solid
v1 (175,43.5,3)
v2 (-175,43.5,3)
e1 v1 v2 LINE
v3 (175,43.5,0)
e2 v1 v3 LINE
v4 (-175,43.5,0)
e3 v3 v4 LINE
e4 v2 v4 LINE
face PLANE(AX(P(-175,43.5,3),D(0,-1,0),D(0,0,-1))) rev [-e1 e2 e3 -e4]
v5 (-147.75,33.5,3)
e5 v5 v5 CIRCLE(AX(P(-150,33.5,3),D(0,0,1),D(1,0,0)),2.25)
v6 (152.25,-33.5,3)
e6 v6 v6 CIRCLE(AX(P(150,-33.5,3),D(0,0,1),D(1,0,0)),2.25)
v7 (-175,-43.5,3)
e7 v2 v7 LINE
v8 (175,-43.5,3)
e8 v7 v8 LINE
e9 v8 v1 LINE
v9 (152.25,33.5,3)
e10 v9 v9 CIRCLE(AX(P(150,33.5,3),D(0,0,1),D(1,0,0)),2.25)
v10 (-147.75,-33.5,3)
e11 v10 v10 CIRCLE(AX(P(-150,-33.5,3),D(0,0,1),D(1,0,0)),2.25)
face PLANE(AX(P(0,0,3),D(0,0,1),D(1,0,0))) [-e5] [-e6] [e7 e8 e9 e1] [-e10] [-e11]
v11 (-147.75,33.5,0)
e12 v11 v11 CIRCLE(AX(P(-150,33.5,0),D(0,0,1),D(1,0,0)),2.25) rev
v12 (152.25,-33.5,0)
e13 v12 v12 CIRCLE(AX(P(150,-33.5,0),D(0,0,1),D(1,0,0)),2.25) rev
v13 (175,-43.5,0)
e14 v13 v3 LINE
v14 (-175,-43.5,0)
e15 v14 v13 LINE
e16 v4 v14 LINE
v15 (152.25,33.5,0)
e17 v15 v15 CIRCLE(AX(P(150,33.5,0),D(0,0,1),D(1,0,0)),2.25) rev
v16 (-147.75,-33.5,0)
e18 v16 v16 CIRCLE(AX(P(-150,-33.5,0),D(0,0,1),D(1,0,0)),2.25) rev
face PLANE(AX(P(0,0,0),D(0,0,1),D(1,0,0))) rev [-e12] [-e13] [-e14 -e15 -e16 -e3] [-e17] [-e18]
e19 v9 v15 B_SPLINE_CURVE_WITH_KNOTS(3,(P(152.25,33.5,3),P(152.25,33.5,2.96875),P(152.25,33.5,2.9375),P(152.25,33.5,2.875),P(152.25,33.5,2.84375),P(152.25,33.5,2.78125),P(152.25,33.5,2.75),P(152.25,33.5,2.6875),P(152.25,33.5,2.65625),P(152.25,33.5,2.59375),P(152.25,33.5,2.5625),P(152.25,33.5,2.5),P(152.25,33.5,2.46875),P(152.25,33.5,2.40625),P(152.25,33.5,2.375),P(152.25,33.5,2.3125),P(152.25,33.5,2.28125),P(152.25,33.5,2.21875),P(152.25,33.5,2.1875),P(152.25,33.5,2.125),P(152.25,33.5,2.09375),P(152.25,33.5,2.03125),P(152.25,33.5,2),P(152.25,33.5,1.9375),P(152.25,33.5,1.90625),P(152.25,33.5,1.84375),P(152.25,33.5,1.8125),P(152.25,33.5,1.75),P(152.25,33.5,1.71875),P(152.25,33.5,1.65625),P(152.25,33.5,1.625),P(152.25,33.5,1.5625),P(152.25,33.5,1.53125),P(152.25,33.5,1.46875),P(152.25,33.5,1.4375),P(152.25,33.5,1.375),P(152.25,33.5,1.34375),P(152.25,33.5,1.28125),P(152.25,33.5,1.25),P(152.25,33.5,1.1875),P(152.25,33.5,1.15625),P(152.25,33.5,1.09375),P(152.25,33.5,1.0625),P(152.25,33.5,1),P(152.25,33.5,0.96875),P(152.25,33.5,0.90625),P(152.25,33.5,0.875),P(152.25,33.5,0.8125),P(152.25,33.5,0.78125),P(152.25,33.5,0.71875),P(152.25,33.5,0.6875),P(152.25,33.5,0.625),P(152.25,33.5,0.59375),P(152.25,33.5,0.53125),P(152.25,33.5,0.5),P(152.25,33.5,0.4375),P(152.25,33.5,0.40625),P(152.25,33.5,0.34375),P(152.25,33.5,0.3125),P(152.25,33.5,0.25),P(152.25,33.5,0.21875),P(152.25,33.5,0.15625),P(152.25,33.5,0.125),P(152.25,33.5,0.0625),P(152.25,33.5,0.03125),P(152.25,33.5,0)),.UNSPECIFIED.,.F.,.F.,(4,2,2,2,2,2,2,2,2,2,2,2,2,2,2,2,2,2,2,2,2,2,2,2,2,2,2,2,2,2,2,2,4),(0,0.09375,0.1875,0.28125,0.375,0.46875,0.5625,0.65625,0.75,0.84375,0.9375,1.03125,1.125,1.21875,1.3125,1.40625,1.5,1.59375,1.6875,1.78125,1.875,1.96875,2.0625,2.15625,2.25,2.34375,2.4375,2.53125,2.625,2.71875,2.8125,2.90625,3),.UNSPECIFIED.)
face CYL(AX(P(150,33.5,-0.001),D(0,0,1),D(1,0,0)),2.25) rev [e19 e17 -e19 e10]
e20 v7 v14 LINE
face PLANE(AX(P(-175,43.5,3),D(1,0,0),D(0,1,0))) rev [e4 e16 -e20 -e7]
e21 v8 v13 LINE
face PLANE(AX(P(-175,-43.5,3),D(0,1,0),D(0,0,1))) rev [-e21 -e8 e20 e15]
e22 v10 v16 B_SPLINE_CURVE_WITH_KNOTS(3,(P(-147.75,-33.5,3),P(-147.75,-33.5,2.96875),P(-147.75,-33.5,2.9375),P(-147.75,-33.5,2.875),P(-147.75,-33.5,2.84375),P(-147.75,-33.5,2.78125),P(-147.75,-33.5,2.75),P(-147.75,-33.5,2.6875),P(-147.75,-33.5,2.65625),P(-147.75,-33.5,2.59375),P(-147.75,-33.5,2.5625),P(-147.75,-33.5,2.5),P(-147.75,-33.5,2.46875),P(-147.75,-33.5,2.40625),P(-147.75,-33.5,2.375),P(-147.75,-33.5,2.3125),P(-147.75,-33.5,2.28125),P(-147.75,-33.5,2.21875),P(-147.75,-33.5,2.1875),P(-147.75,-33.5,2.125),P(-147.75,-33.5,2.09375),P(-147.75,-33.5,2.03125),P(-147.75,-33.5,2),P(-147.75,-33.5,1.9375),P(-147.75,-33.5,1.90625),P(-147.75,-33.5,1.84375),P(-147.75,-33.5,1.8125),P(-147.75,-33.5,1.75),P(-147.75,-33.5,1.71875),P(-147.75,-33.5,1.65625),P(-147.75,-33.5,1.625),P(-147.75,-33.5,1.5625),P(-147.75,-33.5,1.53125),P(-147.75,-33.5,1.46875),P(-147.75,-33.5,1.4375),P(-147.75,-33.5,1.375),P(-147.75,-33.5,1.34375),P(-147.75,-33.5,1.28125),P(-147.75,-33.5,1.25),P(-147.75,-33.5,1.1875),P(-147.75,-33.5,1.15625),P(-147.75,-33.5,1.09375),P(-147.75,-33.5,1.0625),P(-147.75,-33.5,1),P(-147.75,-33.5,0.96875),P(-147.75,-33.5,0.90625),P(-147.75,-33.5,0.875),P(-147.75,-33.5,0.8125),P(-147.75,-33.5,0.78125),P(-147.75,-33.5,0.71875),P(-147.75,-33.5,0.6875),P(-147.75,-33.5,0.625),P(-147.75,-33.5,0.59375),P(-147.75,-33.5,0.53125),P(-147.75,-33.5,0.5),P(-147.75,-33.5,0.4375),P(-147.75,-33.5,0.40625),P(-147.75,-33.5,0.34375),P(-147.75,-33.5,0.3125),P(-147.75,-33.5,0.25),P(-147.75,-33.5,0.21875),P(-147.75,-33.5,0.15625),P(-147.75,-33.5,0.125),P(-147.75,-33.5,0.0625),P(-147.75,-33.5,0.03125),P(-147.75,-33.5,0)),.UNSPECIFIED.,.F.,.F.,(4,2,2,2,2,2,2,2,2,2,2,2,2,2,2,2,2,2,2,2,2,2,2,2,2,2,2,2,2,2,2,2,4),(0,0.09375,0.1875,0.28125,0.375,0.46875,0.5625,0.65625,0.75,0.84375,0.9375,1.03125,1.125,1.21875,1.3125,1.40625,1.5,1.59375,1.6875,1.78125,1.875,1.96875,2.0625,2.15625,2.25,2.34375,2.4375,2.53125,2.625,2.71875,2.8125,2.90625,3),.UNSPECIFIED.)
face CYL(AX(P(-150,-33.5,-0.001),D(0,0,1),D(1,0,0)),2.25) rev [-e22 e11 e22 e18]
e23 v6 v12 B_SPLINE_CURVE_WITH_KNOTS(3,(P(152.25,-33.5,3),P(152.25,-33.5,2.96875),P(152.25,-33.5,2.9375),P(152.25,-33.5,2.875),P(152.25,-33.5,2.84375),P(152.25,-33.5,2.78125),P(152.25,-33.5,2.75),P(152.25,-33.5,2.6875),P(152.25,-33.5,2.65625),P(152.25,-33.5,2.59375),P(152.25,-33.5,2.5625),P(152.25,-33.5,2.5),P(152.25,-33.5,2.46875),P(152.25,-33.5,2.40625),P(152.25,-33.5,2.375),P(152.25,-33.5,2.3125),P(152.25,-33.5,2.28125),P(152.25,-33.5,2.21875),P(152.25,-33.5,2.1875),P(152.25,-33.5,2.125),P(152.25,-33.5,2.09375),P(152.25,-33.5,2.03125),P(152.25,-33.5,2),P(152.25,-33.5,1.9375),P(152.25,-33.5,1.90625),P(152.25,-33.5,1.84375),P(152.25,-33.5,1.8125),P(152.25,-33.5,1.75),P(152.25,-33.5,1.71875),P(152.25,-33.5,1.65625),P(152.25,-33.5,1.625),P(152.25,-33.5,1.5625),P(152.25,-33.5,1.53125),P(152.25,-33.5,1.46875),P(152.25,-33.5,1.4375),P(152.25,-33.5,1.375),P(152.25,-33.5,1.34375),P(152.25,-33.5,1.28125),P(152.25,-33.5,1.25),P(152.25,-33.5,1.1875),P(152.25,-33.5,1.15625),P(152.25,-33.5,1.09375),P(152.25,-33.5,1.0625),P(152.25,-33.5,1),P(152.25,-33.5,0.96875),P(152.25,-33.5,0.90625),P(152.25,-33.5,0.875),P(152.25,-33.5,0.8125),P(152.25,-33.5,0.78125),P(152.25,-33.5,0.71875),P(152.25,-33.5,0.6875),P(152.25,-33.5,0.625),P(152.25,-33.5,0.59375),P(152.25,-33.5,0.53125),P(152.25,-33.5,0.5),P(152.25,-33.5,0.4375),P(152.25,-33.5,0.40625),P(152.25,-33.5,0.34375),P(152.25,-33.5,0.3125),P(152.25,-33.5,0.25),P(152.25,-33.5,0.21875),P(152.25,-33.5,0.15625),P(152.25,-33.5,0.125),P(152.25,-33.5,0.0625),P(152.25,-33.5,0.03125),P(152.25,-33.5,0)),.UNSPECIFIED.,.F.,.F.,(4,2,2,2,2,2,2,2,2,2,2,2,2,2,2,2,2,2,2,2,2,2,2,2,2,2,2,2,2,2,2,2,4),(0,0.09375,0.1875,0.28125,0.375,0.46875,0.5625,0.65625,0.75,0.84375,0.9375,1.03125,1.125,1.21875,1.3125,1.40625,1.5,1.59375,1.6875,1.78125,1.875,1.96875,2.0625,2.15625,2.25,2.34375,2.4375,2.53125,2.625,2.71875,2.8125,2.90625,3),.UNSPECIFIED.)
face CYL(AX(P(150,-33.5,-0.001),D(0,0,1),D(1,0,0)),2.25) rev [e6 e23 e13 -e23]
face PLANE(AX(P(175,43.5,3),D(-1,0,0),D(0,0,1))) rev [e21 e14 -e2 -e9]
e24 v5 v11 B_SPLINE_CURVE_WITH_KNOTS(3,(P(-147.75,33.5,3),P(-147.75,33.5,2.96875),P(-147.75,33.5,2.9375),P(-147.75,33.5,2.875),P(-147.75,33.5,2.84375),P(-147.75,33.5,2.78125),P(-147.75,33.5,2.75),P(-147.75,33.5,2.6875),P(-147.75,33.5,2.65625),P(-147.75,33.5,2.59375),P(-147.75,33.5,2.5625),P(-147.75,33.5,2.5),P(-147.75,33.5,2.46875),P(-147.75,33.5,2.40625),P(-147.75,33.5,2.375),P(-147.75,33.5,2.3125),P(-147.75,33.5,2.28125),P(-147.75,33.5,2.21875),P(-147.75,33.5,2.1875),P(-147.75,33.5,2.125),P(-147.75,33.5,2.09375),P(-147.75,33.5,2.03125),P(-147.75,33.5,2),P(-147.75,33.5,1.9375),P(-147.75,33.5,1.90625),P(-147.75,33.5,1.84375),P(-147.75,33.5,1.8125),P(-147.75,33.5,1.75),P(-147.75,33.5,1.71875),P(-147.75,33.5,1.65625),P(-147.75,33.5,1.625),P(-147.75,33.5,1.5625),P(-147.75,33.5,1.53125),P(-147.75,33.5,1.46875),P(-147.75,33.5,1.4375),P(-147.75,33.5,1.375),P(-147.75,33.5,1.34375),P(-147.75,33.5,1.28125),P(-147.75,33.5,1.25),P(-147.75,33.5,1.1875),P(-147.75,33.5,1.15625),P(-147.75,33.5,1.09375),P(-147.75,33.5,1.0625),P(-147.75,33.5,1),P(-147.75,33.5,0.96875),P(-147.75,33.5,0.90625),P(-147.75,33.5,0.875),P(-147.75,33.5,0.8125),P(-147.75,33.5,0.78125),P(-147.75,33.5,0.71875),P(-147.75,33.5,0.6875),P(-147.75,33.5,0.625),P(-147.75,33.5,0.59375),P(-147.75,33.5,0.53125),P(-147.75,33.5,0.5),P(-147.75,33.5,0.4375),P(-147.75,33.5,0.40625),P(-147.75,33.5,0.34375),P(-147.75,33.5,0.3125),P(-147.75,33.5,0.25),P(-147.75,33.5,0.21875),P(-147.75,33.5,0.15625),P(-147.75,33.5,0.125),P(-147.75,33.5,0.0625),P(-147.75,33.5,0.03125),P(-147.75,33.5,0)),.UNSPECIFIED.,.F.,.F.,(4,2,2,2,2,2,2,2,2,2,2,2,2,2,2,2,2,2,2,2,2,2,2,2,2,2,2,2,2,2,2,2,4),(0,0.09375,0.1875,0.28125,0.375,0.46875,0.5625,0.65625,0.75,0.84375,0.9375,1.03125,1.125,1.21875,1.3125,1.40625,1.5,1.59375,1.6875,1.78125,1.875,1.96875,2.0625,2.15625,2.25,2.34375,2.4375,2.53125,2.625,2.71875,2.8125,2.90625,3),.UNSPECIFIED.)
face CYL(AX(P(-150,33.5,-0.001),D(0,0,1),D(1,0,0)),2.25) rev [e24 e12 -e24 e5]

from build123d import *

# Parameters (mm, degrees)
ESQUISSE1_W             = 350
ESQUISSE1_H             = 87
BOSS_EXTRU_1_DEPTH      = 3
ENL_V_MAT_EXTRU_1_REACH = 182.35
ESQUISSE2_R             = 2.25


with BuildPart() as part:
    # Esquisse1 → Boss.-Extru.1 (new body)
    with BuildSketch(Plane.XY):
        Rectangle(ESQUISSE1_W, ESQUISSE1_H)
    extrude(amount=BOSS_EXTRU_1_DEPTH)

    # Esquisse2 → Enlèv. mat.-Extru.1 (cut, up to next)
    with BuildSketch(Plane.XY.offset(3), mode=Mode.PRIVATE) as enl_v_mat_extru_1_sk1:
        with Locations((-150, 33.5)):
            Circle(ESQUISSE2_R)
    enl_v_mat_extru_1_tool1 = extrude(enl_v_mat_extru_1_sk1.sketch, amount=-ENL_V_MAT_EXTRU_1_REACH, mode=Mode.PRIVATE) & part.part
    # Esquisse2 → Enlèv. mat.-Extru.1 (cut, up to next)
    with BuildSketch(Plane.XY.offset(3), mode=Mode.PRIVATE) as enl_v_mat_extru_1_sk2:
        with Locations((-150, -33.5)):
            Circle(ESQUISSE2_R)
    enl_v_mat_extru_1_tool2 = extrude(enl_v_mat_extru_1_sk2.sketch, amount=-ENL_V_MAT_EXTRU_1_REACH, mode=Mode.PRIVATE) & part.part
    # Esquisse2 → Enlèv. mat.-Extru.1 (cut, up to next)
    with BuildSketch(Plane.XY.offset(3), mode=Mode.PRIVATE) as enl_v_mat_extru_1_sk3:
        with Locations((150, 33.5)):
            Circle(ESQUISSE2_R)
    enl_v_mat_extru_1_tool3 = extrude(enl_v_mat_extru_1_sk3.sketch, amount=-ENL_V_MAT_EXTRU_1_REACH, mode=Mode.PRIVATE) & part.part
    # Esquisse2 → Enlèv. mat.-Extru.1 (cut, up to next)
    with BuildSketch(Plane.XY.offset(3), mode=Mode.PRIVATE) as enl_v_mat_extru_1_sk4:
        with Locations((150, -33.5)):
            Circle(ESQUISSE2_R)
    enl_v_mat_extru_1_tool4 = extrude(enl_v_mat_extru_1_sk4.sketch, amount=-ENL_V_MAT_EXTRU_1_REACH, mode=Mode.PRIVATE) & part.part
    add(enl_v_mat_extru_1_tool1.solids().sort_by_distance((-150, 33.5, 3))[0], mode=Mode.SUBTRACT)
    add(enl_v_mat_extru_1_tool2.solids().sort_by_distance((-150, -33.5, 3))[0], mode=Mode.SUBTRACT)
    add(enl_v_mat_extru_1_tool3.solids().sort_by_distance((150, 33.5, 3))[0], mode=Mode.SUBTRACT)
    add(enl_v_mat_extru_1_tool4.solids().sort_by_distance((150, -33.5, 3))[0], mode=Mode.SUBTRACT)


solid = part.part
